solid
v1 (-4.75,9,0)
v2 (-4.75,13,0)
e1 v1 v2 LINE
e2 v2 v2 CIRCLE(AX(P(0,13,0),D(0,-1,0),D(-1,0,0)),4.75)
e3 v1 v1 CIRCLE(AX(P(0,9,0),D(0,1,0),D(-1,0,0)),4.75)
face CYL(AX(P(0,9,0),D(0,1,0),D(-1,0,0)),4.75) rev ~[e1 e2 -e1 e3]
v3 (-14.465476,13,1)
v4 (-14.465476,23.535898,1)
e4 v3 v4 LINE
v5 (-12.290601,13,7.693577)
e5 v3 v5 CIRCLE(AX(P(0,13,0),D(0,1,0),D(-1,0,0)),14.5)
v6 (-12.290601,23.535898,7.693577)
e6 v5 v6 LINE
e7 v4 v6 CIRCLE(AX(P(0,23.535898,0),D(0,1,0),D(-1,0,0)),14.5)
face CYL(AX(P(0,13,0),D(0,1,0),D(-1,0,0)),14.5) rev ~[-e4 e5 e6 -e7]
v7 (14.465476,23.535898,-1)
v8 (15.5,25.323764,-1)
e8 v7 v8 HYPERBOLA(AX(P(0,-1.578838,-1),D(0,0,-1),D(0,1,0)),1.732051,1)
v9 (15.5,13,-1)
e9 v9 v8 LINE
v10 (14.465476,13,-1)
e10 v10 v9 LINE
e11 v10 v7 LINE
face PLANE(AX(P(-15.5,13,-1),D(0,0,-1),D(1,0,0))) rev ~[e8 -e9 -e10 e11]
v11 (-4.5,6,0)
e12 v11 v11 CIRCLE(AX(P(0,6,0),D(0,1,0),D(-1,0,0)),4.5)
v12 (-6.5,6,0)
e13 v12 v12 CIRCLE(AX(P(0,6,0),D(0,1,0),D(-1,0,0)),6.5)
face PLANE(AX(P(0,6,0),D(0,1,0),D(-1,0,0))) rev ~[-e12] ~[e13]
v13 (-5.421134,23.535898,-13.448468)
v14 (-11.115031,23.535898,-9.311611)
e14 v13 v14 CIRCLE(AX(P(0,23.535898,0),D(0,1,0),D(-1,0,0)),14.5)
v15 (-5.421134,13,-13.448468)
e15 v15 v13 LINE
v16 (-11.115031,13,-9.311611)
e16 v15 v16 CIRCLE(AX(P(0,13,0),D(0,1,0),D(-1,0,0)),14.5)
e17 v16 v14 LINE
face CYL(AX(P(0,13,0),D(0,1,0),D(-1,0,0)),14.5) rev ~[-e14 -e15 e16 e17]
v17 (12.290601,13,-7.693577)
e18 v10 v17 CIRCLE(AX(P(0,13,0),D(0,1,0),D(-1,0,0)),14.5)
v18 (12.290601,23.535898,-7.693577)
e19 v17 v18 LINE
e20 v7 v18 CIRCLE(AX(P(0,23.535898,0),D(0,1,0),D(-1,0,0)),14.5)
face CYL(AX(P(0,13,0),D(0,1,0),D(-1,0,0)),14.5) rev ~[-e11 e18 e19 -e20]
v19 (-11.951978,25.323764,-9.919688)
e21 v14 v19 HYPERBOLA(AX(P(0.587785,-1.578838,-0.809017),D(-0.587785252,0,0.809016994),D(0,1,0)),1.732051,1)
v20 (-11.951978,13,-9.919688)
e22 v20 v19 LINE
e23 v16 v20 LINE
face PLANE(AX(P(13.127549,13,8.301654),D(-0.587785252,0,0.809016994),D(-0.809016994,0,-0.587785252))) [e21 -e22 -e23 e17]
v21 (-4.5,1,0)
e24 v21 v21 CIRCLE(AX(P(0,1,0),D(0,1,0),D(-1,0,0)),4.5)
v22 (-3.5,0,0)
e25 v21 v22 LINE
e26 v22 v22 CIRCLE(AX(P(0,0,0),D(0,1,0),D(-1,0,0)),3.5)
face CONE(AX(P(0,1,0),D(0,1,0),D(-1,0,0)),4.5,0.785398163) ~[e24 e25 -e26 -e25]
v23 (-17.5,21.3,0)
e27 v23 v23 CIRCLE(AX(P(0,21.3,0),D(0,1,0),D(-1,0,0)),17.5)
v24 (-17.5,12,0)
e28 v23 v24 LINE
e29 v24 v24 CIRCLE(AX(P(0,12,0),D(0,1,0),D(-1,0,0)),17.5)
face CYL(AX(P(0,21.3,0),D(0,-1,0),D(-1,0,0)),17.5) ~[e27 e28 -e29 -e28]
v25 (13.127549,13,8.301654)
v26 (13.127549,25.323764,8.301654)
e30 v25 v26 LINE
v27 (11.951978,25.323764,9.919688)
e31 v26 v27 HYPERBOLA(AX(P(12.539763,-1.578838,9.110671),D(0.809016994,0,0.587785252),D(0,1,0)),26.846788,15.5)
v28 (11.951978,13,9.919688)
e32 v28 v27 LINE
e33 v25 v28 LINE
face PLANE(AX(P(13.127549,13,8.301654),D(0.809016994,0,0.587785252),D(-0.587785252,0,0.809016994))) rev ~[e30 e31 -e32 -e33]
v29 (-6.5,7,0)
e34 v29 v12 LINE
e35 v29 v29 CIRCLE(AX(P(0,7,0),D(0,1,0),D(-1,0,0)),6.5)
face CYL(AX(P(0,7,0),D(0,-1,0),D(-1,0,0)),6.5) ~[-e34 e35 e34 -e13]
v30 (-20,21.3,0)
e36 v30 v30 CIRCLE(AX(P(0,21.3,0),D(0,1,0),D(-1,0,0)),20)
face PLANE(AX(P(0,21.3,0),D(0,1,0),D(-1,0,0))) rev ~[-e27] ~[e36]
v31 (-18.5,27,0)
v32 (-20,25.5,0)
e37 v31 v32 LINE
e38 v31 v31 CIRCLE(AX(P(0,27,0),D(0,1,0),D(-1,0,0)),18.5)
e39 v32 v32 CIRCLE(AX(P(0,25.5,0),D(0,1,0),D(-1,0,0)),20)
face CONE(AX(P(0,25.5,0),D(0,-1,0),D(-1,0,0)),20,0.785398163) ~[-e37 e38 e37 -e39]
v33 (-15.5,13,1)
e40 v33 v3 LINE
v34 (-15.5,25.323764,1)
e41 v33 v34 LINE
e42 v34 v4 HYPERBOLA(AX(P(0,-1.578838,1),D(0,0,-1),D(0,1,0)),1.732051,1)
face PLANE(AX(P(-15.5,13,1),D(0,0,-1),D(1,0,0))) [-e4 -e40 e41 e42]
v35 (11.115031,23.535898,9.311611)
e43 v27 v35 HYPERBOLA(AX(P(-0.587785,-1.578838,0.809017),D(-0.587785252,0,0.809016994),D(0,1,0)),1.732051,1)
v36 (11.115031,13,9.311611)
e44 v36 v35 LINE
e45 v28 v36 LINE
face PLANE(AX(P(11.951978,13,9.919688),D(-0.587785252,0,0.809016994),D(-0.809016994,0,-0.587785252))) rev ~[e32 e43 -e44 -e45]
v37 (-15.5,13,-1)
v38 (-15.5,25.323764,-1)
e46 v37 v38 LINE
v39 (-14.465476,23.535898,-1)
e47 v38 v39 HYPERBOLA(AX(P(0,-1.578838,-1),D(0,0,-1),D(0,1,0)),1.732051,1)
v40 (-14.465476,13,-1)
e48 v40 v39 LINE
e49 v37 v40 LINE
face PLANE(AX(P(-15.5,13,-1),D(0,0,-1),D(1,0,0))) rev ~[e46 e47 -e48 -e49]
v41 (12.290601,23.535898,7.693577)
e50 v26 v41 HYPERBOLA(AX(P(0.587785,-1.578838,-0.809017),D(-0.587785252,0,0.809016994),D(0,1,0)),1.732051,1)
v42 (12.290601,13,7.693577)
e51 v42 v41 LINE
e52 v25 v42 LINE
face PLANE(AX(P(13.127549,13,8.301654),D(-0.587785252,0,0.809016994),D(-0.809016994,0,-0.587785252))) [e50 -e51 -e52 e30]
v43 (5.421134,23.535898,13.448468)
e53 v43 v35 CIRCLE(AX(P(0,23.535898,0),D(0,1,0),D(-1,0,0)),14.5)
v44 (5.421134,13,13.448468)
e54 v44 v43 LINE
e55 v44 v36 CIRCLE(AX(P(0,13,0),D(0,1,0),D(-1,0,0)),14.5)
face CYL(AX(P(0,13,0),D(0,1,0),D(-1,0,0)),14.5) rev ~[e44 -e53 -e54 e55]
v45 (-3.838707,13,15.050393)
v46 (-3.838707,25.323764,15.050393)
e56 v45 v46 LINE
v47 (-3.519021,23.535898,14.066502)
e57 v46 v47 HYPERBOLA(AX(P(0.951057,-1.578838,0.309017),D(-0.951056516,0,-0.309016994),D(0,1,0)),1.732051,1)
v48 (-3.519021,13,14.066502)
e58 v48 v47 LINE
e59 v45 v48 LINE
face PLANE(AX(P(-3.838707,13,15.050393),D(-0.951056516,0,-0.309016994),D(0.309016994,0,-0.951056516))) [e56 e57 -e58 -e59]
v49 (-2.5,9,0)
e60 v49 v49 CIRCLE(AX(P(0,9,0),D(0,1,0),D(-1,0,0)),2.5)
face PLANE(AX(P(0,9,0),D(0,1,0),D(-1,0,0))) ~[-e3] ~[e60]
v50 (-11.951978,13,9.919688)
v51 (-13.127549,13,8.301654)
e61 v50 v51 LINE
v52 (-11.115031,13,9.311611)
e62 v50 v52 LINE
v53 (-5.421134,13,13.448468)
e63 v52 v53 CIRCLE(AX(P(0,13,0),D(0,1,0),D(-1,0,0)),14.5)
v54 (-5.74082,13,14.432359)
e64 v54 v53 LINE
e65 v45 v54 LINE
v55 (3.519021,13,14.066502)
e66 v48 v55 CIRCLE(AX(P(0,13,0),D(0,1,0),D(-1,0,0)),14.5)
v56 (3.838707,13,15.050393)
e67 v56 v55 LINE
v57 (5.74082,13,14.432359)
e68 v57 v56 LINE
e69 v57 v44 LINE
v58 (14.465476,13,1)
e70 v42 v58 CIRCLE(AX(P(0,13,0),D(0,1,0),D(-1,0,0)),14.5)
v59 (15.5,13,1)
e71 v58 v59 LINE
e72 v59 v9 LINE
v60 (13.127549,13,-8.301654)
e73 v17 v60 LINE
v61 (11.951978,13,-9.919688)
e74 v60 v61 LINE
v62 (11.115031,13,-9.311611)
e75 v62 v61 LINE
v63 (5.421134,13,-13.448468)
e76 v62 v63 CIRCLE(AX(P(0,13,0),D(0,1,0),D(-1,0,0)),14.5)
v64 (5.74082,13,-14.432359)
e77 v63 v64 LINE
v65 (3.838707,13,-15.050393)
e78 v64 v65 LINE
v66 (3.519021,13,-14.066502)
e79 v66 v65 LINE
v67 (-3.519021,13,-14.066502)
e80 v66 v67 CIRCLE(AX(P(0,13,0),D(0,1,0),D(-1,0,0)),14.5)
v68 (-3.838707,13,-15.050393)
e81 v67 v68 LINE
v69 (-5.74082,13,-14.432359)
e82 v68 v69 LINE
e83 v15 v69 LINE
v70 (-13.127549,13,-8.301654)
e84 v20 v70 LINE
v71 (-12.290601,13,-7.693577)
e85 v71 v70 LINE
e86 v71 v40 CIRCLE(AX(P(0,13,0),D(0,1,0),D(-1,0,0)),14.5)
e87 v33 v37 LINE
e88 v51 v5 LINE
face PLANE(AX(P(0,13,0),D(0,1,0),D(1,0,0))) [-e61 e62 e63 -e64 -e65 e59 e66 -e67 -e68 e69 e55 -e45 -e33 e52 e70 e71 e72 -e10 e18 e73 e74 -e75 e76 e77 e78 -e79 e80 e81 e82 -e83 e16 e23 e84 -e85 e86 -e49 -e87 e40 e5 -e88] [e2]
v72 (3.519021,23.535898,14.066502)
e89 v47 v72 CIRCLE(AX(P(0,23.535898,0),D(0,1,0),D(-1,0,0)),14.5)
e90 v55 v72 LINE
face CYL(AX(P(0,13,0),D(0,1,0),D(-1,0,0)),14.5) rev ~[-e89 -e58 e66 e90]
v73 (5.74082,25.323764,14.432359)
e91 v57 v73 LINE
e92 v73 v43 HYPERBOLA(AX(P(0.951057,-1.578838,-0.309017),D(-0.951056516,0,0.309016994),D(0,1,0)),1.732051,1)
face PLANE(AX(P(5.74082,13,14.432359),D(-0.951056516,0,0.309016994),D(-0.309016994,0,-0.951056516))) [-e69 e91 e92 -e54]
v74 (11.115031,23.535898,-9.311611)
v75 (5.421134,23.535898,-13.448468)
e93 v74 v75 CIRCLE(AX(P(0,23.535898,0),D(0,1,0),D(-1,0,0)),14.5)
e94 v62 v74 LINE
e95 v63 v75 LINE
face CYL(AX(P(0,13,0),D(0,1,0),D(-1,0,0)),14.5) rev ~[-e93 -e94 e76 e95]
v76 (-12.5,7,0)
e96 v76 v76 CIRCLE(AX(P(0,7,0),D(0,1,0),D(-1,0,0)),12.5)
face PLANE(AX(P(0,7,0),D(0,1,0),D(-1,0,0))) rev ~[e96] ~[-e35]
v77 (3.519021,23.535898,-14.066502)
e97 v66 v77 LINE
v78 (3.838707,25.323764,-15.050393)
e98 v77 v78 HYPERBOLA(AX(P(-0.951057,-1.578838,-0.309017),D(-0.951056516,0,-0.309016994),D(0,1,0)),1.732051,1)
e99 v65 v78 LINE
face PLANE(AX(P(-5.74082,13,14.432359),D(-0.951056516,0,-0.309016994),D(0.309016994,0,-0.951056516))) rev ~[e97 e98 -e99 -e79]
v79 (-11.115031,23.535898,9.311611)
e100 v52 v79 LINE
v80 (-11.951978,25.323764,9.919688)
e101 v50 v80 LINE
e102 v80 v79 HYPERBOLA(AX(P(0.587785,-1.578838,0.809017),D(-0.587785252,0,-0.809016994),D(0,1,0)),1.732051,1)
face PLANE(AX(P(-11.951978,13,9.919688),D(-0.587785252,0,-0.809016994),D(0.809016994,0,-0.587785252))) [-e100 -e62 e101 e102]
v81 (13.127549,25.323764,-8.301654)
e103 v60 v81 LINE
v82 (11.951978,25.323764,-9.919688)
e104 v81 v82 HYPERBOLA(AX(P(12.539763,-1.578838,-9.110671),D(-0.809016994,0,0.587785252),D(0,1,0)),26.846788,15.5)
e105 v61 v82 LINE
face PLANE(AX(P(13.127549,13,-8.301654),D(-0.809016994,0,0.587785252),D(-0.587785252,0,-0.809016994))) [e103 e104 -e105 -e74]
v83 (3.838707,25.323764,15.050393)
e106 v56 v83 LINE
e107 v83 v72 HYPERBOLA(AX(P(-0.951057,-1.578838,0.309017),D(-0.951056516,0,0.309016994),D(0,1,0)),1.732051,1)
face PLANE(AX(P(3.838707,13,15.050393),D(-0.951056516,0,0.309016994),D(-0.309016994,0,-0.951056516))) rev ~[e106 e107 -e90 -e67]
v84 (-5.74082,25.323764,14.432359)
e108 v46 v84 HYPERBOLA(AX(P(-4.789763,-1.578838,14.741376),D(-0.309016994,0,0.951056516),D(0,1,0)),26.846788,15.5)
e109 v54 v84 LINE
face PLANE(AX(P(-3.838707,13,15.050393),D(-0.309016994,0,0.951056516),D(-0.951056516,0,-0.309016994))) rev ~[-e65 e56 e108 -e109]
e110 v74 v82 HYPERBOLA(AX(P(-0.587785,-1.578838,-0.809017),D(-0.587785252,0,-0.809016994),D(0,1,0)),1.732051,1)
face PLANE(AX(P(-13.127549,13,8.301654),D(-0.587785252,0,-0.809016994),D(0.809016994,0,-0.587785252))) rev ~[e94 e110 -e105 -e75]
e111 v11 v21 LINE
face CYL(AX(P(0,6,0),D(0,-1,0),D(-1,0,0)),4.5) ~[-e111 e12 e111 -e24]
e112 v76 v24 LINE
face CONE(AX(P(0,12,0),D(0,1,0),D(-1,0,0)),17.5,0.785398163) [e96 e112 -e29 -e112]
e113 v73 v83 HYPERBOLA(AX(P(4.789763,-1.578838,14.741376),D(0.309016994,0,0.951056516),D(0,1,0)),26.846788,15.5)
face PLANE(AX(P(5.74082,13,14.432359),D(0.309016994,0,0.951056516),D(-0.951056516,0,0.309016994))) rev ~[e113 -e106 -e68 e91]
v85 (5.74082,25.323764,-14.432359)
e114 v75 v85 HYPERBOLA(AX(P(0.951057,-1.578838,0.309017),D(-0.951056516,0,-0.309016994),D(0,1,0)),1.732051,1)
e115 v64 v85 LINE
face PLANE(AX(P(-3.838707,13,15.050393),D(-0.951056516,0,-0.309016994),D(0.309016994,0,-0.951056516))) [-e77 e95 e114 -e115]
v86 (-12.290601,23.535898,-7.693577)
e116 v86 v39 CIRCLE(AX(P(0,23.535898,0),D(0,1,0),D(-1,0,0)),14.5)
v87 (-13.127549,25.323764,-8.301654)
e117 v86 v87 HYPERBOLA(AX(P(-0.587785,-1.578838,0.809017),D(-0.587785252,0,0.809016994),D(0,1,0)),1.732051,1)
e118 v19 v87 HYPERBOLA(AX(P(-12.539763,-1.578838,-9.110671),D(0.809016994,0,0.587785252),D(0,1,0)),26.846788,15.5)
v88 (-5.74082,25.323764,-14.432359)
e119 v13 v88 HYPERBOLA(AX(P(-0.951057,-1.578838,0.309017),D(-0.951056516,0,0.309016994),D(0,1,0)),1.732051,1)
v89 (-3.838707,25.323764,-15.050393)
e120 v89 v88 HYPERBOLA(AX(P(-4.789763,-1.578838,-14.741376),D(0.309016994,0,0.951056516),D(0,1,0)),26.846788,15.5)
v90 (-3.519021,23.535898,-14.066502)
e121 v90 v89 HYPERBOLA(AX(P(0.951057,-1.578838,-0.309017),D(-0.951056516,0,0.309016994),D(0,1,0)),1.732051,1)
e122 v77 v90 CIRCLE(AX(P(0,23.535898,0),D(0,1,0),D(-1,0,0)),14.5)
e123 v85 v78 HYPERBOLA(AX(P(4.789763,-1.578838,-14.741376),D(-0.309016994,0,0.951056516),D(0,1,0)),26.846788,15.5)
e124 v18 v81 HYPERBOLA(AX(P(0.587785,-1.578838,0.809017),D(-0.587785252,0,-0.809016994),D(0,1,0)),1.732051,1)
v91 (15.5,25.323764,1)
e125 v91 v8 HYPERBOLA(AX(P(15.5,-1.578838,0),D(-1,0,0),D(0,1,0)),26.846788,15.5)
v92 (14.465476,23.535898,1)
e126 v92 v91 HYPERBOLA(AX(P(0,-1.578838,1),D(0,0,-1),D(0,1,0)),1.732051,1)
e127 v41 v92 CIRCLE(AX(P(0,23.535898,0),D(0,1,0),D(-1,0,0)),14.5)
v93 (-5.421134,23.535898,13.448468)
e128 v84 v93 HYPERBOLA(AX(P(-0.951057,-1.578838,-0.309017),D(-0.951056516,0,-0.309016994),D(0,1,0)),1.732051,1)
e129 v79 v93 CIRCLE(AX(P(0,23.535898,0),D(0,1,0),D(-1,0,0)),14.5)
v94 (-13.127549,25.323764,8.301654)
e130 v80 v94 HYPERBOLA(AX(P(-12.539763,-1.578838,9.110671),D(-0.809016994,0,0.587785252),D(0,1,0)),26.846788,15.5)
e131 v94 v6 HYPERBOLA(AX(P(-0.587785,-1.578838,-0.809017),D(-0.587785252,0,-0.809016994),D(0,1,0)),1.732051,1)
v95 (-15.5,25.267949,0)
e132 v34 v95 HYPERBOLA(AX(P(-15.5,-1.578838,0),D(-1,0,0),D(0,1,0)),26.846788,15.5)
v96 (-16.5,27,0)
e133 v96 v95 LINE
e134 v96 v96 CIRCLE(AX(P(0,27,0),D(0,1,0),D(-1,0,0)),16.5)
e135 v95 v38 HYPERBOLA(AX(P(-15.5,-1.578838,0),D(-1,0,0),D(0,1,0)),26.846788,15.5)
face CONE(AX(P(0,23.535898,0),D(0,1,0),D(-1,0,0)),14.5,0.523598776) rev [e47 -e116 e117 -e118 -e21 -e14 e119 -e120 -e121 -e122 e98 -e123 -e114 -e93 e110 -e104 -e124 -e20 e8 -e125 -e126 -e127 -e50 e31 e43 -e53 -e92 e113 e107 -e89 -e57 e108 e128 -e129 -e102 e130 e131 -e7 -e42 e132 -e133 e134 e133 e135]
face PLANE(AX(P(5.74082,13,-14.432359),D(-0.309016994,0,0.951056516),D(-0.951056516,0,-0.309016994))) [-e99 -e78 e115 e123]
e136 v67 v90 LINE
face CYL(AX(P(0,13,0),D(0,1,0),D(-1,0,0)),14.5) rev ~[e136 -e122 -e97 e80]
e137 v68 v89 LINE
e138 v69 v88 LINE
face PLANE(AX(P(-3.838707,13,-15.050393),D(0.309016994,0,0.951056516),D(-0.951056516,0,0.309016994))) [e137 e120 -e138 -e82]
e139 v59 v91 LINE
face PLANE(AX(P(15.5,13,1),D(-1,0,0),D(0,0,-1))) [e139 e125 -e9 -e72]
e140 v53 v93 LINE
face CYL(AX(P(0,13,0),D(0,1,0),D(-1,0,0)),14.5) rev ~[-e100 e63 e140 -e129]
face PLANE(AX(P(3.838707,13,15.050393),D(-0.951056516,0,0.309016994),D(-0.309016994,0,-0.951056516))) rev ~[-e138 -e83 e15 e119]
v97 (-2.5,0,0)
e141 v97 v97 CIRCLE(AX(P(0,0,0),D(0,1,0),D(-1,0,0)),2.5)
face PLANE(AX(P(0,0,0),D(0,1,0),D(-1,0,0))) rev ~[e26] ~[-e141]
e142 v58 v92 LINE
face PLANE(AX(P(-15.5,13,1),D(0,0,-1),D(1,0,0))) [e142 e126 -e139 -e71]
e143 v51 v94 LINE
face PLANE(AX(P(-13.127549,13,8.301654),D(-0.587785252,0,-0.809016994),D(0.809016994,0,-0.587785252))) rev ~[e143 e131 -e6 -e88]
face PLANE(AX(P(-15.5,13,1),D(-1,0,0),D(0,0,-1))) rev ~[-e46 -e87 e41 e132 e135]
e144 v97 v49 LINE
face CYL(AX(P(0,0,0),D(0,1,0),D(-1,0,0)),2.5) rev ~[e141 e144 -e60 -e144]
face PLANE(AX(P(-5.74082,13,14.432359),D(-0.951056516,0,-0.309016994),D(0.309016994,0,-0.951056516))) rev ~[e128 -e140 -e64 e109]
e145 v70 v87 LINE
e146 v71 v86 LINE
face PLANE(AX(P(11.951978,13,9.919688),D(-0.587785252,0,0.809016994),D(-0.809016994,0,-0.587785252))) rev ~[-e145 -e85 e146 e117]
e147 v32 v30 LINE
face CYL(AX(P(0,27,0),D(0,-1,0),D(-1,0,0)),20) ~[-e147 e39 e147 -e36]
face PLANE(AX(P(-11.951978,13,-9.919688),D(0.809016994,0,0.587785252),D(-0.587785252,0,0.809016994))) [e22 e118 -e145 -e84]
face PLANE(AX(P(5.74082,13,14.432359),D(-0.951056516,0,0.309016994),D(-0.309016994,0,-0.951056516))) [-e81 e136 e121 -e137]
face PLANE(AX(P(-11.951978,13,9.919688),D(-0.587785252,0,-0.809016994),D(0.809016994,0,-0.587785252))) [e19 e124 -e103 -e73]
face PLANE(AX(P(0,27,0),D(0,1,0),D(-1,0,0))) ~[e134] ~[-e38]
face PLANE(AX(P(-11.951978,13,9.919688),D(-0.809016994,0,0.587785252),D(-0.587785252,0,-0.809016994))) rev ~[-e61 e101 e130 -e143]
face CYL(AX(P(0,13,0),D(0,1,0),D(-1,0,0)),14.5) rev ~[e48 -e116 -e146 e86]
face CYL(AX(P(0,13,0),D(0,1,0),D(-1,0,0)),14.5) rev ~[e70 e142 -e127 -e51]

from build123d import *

# Parameters (mm, degrees)
CHAMFER1_SIZE      = 2
CHAMFER1_SIZE2     = 3.464101615
CHAMFER2_SIZE      = 1.5
SKETCH2_W          = 31
SKETCH2_H          = 2
CUT_EXTRUDE1_DEPTH = 15
CIRPATTERN1_COUNT  = 10
CHAMFER3_SIZE      = 5
CHAMFER4_SIZE      = 1


with BuildPart() as part:
    # Sketch1 → Revolve1 (revolve)
    with BuildSketch(Plane.XY):
        Polygon((-2.5, 0), (-2.5, 9), (-4.75, 9), (-4.75, 13), (-14.5, 13), (-14.5, 27), (-20, 27), (-20, 21.3), (-17.5, 21.3), (-17.5, 7), (-6.5, 7), (-6.5, 6), (-4.5, 6), (-4.5, 0), align=None)
    revolve(axis=Axis((0, 0, 0), (0, 1, 0)))

    # Chamfer1
    chamfer1_edges = [part.edges().sort_by_distance(p)[0] for p in [
        (14.5, 27, 0),
    ]]
    chamfer1_side = [part.faces().sort_by_distance(p)[0] for p in [
        (15.065685425, 27, 0),
    ]]
    chamfer(chamfer1_edges, length=CHAMFER1_SIZE, length2=CHAMFER1_SIZE2, reference=chamfer1_side[0])

    # Chamfer2
    chamfer2_edges = [part.edges().sort_by_distance(p)[0] for p in [
        (20, 27, 0),
    ]]
    chamfer(chamfer2_edges, length=CHAMFER2_SIZE)

    # Sketch2 → Cut-Extrude1 (cut, through all)
    with BuildSketch(Plane(origin=(0, 13, 0), x_dir=(1, 0, 0), z_dir=(0, 1, 0))):
        Rectangle(SKETCH2_W, SKETCH2_H)
    cut_extrude1 = extrude(amount=CUT_EXTRUDE1_DEPTH, mode=Mode.SUBTRACT)

    # CirPattern1: Cut-Extrude1 ×10 about axis
    cirpattern1_axis = Axis((0, 0, 0), (0, 1, 0))
    for i in range(1, CIRPATTERN1_COUNT):
        add(cut_extrude1.rotate(cirpattern1_axis, i * 360 / CIRPATTERN1_COUNT), mode=Mode.SUBTRACT)

    # Chamfer3
    chamfer3_edges = [part.edges().sort_by_distance(p)[0] for p in [
        (17.5, 7, 0),
    ]]
    chamfer(chamfer3_edges, length=CHAMFER3_SIZE)

    # Chamfer4
    chamfer4_edges = [part.edges().sort_by_distance(p)[0] for p in [
        (4.5, 0, 0),
    ]]
    chamfer(chamfer4_edges, length=CHAMFER4_SIZE)


solid = part.part
